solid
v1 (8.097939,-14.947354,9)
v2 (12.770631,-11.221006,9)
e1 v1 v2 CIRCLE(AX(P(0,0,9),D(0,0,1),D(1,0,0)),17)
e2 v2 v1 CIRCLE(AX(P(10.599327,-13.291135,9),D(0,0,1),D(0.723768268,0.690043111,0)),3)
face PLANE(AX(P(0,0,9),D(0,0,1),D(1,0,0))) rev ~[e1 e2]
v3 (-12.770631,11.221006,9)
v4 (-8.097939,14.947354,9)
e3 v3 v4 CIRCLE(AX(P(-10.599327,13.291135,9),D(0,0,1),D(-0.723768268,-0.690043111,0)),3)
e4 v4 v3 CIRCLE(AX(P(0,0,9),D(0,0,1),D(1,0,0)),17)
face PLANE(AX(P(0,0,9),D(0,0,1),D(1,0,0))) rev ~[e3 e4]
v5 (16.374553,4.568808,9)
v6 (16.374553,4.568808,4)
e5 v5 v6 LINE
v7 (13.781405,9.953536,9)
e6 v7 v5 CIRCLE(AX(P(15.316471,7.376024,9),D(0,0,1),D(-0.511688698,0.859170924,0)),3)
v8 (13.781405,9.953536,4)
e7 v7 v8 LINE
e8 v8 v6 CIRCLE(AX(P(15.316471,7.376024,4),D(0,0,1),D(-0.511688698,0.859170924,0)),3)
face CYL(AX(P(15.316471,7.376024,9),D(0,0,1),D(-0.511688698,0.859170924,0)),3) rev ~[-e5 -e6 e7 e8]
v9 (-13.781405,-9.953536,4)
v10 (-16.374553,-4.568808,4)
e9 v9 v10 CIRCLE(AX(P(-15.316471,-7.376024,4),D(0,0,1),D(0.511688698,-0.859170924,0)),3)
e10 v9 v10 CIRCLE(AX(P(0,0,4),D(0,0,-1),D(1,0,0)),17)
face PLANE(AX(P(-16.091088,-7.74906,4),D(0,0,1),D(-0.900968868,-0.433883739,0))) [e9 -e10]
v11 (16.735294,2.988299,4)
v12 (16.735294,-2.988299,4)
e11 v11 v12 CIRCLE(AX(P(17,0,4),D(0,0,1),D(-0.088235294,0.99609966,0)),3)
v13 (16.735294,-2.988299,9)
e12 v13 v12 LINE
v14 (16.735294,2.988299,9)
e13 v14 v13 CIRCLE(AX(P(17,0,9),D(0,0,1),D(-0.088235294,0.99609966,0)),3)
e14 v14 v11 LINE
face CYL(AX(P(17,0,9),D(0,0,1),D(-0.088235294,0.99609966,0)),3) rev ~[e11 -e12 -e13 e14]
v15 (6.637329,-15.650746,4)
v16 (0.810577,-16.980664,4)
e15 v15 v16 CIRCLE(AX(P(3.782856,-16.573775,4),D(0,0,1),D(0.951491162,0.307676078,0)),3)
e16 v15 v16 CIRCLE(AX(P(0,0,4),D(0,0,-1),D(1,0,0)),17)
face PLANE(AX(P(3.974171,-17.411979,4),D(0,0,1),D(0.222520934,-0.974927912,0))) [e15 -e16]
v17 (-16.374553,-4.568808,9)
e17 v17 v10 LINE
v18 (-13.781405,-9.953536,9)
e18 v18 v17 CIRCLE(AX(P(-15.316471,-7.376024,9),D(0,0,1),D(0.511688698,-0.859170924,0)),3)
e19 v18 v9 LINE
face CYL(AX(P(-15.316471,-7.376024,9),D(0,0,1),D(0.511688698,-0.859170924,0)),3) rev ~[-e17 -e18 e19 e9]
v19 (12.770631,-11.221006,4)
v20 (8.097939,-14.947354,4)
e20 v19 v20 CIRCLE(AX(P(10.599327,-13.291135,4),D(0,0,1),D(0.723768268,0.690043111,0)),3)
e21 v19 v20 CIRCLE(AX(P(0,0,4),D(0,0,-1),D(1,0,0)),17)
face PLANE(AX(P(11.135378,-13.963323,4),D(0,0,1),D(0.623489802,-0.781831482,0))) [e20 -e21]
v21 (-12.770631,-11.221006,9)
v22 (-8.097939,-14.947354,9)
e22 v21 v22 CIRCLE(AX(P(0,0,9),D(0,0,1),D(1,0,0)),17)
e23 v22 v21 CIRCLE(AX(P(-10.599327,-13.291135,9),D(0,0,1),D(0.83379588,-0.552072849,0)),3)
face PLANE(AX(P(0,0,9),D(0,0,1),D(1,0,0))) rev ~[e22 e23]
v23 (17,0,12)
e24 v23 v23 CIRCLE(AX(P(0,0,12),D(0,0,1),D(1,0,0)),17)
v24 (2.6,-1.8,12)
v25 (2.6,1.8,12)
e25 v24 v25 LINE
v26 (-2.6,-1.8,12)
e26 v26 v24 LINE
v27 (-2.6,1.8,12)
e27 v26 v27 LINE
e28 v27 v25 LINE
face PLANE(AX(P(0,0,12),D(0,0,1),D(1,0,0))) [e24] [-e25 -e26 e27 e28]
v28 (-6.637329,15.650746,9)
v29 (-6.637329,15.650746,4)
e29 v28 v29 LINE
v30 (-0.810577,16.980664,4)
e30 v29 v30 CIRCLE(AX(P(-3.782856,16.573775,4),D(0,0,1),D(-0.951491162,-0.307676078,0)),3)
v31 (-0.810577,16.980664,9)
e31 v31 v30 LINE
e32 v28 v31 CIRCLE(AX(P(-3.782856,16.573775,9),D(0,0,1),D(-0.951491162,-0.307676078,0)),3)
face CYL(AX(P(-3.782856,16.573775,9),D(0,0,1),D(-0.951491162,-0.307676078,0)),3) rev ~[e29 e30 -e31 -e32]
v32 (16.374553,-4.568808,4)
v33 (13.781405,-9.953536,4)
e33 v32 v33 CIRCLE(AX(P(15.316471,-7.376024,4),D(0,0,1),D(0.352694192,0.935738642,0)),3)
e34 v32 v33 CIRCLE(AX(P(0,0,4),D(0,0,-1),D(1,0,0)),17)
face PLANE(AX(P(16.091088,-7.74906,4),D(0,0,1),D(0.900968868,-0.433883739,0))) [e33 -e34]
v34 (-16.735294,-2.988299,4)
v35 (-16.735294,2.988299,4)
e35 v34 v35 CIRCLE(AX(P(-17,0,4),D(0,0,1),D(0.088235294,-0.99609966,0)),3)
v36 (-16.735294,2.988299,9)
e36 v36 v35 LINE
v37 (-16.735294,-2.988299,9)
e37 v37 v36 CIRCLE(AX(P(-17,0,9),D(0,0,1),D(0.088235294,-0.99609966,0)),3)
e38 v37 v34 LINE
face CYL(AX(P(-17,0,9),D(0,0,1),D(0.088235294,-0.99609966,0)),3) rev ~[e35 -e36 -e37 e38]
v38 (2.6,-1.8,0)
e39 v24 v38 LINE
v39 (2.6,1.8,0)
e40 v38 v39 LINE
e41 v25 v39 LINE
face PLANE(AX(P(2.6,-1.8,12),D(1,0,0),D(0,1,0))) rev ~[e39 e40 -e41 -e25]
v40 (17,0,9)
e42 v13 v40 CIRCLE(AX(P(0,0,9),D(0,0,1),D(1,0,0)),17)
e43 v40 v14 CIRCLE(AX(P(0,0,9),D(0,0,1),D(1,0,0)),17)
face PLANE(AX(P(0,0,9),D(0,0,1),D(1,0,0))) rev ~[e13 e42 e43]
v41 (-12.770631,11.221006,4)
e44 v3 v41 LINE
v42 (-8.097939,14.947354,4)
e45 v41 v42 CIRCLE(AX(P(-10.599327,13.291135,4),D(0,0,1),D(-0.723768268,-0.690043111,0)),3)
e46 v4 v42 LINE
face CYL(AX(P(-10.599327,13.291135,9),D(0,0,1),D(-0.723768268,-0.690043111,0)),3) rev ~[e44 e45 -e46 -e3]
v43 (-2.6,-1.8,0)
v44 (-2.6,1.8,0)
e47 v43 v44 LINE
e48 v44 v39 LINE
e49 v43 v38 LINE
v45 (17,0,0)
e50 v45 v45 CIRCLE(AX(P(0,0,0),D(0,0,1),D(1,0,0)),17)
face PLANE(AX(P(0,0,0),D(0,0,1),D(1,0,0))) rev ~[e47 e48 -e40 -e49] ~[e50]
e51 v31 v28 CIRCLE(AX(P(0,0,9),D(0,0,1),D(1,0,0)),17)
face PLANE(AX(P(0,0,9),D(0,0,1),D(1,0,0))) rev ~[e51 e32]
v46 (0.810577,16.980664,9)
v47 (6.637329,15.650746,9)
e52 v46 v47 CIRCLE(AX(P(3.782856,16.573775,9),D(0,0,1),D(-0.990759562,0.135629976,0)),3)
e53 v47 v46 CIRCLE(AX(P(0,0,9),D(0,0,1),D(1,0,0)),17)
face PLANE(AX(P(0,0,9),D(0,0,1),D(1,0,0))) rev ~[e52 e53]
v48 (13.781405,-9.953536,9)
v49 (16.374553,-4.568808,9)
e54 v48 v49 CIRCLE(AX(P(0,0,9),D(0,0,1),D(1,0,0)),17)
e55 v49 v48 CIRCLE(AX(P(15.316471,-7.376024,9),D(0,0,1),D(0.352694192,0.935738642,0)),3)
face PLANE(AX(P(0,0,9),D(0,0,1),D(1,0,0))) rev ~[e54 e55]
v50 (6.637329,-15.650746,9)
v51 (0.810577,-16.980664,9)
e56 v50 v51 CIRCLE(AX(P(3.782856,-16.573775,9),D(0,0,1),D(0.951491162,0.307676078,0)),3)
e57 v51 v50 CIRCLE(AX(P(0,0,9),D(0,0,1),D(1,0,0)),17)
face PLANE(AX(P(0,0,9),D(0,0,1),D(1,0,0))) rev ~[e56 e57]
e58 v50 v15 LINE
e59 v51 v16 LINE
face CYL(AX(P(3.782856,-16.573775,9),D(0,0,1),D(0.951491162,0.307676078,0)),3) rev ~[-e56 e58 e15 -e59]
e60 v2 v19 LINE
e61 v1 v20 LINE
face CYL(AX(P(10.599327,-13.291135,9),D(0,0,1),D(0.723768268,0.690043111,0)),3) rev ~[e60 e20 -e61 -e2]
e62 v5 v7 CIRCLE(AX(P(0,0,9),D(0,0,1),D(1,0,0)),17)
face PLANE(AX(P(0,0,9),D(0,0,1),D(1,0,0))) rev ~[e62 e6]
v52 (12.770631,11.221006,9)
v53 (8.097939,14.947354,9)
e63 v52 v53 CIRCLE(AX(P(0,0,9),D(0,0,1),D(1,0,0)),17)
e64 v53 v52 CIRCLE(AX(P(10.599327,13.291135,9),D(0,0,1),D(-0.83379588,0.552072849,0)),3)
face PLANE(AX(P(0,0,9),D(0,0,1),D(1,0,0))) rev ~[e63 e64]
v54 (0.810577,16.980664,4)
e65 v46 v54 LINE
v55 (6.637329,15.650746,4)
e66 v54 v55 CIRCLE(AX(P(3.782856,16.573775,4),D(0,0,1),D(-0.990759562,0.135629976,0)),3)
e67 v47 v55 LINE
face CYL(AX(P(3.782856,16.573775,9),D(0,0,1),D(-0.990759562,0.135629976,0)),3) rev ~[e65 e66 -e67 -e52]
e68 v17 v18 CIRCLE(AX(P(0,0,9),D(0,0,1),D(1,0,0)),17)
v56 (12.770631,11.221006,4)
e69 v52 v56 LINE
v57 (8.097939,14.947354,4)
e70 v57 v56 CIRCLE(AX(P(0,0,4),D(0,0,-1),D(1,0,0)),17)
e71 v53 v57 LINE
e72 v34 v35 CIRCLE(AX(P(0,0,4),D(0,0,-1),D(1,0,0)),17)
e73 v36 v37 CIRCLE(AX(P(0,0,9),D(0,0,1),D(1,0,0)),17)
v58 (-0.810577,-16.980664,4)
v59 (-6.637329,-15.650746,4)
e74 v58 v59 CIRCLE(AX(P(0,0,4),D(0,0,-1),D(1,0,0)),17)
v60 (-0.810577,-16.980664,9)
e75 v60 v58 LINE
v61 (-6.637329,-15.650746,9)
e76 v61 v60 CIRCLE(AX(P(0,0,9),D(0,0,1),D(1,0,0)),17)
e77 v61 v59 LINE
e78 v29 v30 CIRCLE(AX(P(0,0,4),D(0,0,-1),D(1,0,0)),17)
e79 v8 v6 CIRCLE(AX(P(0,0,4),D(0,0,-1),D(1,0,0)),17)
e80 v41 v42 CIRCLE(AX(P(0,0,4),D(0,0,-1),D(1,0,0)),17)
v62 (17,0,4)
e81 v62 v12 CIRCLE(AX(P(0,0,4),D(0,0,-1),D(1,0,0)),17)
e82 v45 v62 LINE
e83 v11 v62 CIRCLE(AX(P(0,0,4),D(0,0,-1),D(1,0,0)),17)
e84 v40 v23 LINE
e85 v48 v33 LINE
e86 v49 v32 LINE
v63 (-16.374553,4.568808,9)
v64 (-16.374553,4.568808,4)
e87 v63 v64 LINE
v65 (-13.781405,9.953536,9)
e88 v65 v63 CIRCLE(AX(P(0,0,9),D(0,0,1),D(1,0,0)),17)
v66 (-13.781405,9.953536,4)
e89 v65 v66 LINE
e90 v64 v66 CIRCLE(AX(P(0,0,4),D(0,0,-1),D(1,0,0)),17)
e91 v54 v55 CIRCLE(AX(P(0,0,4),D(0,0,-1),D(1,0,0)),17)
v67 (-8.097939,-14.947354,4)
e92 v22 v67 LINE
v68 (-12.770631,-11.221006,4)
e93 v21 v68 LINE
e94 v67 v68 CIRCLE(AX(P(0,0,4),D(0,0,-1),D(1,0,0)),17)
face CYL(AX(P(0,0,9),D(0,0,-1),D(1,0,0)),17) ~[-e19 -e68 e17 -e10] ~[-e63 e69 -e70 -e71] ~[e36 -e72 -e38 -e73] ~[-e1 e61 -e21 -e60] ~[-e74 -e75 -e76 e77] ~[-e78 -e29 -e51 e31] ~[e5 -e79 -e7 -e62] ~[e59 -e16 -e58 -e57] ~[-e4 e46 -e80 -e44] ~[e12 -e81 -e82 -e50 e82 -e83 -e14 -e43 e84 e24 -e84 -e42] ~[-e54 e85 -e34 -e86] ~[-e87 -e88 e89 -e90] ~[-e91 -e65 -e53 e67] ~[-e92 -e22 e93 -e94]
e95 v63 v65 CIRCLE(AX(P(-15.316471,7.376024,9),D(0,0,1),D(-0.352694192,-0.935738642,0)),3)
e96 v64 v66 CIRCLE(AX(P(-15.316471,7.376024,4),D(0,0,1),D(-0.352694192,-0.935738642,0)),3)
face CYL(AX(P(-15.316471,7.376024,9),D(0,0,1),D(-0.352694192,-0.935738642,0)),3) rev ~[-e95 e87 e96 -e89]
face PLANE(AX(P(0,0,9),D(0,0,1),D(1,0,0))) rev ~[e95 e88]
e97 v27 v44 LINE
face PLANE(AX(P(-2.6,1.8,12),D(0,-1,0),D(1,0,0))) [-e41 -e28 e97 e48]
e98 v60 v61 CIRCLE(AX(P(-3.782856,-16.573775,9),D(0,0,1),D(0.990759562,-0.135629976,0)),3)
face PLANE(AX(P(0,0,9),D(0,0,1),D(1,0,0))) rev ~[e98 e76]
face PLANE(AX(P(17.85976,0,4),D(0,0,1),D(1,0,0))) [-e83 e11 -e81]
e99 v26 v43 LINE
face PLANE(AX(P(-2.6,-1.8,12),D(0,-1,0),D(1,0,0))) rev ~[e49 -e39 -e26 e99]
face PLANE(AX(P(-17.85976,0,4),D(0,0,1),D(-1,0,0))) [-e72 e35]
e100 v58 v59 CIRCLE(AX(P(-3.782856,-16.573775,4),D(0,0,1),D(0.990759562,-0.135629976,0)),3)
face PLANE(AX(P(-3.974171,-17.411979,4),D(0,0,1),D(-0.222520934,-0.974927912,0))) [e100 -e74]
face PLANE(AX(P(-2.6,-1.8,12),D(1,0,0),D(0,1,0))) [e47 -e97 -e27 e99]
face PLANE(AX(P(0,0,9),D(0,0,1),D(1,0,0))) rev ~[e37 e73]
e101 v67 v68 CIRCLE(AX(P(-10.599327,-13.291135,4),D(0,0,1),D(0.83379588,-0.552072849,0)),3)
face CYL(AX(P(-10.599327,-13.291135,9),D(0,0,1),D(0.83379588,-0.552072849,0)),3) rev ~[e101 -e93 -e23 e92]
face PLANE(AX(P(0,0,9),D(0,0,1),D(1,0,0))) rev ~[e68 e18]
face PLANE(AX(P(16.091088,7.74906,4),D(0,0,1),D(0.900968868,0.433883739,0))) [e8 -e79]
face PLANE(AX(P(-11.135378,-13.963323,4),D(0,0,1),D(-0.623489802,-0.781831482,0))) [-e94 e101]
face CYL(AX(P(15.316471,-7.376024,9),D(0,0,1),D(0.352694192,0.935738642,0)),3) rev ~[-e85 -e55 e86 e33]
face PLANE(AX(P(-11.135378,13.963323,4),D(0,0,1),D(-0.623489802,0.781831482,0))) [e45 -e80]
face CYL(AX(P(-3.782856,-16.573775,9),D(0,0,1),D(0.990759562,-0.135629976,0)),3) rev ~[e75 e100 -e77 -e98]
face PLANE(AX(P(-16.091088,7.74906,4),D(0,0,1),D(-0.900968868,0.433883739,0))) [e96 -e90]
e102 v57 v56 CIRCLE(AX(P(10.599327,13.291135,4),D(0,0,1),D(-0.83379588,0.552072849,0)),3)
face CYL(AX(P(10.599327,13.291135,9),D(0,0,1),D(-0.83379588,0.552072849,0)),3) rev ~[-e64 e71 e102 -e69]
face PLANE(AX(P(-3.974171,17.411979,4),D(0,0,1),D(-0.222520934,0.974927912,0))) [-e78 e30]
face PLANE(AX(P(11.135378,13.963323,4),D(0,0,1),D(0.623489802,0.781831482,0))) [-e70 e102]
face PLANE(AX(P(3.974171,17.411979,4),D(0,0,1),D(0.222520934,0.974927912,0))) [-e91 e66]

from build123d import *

# Parameters (mm, degrees)
F0_R      = 17
F1_DEPTH  = 4
F2_R      = 17
F3_DEPTH  = 5
F5_DEPTH  = 5
F6_COUNT  = 14
F7_R      = 17
F8_DEPTH  = 3
F9_W      = 5.2
F9_H      = 3.6
F10_DEPTH = 300


with BuildPart() as f1:
    # F0 (on Top) → F1 (new body)
    with BuildSketch(Plane.XY):
        Circle(F0_R)
    extrude(amount=F1_DEPTH)

    # F2 (on face) → F3 (join)
    with BuildSketch(Plane.XY.offset(4)):
        Circle(F2_R)
    extrude(amount=F3_DEPTH)

    # F6: F5 ×14 about axis
    f6_axis = Axis((0, 0, 9), (0, 0, 1))


with BuildPart() as f5:
    # F4 (on face) → F5 (new body)
    with BuildSketch(Plane.XY.offset(9)):
        with BuildLine():
            Line((19.066369161, -2.1748835579), (19.066369161, 2.1748835579))
            ThreePointArc((19.066369161, 2.1748835579), (18.1125082755, 2.7860949978), (17, 3))
            ThreePointArc((17, 3), (16.8675178144, 2.9970733175), (16.7352941176, 2.9882989803))
            ThreePointArc((16.7352941176, 2.9882989803), (16.9336942219, 1.5), (17, 0))
            ThreePointArc((17, 0), (16.9336942219, -1.5), (16.7352941176, -2.9882989803))
            ThreePointArc((16.7352941176, -2.9882989803), (16.8675178144, -2.9970733175), (17, -3))
            ThreePointArc((17, -3), (18.1125082755, -2.7860949978), (19.066369161, -2.1748835579))
        make_face()
        with BuildLine():
            ThreePointArc((17, 3), (18.1125082755, 2.7860949978), (19.066369161, 2.1748835579))
            Line((19.066369161, 2.1748835579), (19.066369161, 3))
            Line((19.066369161, 3), (17, 3))
        make_face()
        with BuildLine():
            ThreePointArc((17, 0), (16.9336942219, 1.5), (16.7352941176, 2.9882989803))
            ThreePointArc((16.7352941176, 2.9882989803), (14, 0), (16.7352941176, -2.9882989803))
            ThreePointArc((16.7352941176, -2.9882989803), (16.9336942219, -1.5), (17, 0))
        make_face()
    extrude(amount=-F5_DEPTH)


with BuildPart() as f1_1:
    add(f1.part)
    for i in range(1, F6_COUNT):
        add(f5.part.rotate(f6_axis, i * 360 / F6_COUNT), mode=Mode.SUBTRACT)

    # F6#seed: cut F5
    add(f5.part, mode=Mode.SUBTRACT)

    # F7 (on face) → F8 (join)
    with BuildSketch(Plane.XY.offset(9)):
        Circle(F7_R)
    extrude(amount=F8_DEPTH)

    # F9 (on face) → F10 (cut)
    with BuildSketch(Plane.XY.offset(12)):
        Rectangle(F9_W, F9_H)
    extrude(amount=-F10_DEPTH, mode=Mode.SUBTRACT)


solid = f1_1.part
